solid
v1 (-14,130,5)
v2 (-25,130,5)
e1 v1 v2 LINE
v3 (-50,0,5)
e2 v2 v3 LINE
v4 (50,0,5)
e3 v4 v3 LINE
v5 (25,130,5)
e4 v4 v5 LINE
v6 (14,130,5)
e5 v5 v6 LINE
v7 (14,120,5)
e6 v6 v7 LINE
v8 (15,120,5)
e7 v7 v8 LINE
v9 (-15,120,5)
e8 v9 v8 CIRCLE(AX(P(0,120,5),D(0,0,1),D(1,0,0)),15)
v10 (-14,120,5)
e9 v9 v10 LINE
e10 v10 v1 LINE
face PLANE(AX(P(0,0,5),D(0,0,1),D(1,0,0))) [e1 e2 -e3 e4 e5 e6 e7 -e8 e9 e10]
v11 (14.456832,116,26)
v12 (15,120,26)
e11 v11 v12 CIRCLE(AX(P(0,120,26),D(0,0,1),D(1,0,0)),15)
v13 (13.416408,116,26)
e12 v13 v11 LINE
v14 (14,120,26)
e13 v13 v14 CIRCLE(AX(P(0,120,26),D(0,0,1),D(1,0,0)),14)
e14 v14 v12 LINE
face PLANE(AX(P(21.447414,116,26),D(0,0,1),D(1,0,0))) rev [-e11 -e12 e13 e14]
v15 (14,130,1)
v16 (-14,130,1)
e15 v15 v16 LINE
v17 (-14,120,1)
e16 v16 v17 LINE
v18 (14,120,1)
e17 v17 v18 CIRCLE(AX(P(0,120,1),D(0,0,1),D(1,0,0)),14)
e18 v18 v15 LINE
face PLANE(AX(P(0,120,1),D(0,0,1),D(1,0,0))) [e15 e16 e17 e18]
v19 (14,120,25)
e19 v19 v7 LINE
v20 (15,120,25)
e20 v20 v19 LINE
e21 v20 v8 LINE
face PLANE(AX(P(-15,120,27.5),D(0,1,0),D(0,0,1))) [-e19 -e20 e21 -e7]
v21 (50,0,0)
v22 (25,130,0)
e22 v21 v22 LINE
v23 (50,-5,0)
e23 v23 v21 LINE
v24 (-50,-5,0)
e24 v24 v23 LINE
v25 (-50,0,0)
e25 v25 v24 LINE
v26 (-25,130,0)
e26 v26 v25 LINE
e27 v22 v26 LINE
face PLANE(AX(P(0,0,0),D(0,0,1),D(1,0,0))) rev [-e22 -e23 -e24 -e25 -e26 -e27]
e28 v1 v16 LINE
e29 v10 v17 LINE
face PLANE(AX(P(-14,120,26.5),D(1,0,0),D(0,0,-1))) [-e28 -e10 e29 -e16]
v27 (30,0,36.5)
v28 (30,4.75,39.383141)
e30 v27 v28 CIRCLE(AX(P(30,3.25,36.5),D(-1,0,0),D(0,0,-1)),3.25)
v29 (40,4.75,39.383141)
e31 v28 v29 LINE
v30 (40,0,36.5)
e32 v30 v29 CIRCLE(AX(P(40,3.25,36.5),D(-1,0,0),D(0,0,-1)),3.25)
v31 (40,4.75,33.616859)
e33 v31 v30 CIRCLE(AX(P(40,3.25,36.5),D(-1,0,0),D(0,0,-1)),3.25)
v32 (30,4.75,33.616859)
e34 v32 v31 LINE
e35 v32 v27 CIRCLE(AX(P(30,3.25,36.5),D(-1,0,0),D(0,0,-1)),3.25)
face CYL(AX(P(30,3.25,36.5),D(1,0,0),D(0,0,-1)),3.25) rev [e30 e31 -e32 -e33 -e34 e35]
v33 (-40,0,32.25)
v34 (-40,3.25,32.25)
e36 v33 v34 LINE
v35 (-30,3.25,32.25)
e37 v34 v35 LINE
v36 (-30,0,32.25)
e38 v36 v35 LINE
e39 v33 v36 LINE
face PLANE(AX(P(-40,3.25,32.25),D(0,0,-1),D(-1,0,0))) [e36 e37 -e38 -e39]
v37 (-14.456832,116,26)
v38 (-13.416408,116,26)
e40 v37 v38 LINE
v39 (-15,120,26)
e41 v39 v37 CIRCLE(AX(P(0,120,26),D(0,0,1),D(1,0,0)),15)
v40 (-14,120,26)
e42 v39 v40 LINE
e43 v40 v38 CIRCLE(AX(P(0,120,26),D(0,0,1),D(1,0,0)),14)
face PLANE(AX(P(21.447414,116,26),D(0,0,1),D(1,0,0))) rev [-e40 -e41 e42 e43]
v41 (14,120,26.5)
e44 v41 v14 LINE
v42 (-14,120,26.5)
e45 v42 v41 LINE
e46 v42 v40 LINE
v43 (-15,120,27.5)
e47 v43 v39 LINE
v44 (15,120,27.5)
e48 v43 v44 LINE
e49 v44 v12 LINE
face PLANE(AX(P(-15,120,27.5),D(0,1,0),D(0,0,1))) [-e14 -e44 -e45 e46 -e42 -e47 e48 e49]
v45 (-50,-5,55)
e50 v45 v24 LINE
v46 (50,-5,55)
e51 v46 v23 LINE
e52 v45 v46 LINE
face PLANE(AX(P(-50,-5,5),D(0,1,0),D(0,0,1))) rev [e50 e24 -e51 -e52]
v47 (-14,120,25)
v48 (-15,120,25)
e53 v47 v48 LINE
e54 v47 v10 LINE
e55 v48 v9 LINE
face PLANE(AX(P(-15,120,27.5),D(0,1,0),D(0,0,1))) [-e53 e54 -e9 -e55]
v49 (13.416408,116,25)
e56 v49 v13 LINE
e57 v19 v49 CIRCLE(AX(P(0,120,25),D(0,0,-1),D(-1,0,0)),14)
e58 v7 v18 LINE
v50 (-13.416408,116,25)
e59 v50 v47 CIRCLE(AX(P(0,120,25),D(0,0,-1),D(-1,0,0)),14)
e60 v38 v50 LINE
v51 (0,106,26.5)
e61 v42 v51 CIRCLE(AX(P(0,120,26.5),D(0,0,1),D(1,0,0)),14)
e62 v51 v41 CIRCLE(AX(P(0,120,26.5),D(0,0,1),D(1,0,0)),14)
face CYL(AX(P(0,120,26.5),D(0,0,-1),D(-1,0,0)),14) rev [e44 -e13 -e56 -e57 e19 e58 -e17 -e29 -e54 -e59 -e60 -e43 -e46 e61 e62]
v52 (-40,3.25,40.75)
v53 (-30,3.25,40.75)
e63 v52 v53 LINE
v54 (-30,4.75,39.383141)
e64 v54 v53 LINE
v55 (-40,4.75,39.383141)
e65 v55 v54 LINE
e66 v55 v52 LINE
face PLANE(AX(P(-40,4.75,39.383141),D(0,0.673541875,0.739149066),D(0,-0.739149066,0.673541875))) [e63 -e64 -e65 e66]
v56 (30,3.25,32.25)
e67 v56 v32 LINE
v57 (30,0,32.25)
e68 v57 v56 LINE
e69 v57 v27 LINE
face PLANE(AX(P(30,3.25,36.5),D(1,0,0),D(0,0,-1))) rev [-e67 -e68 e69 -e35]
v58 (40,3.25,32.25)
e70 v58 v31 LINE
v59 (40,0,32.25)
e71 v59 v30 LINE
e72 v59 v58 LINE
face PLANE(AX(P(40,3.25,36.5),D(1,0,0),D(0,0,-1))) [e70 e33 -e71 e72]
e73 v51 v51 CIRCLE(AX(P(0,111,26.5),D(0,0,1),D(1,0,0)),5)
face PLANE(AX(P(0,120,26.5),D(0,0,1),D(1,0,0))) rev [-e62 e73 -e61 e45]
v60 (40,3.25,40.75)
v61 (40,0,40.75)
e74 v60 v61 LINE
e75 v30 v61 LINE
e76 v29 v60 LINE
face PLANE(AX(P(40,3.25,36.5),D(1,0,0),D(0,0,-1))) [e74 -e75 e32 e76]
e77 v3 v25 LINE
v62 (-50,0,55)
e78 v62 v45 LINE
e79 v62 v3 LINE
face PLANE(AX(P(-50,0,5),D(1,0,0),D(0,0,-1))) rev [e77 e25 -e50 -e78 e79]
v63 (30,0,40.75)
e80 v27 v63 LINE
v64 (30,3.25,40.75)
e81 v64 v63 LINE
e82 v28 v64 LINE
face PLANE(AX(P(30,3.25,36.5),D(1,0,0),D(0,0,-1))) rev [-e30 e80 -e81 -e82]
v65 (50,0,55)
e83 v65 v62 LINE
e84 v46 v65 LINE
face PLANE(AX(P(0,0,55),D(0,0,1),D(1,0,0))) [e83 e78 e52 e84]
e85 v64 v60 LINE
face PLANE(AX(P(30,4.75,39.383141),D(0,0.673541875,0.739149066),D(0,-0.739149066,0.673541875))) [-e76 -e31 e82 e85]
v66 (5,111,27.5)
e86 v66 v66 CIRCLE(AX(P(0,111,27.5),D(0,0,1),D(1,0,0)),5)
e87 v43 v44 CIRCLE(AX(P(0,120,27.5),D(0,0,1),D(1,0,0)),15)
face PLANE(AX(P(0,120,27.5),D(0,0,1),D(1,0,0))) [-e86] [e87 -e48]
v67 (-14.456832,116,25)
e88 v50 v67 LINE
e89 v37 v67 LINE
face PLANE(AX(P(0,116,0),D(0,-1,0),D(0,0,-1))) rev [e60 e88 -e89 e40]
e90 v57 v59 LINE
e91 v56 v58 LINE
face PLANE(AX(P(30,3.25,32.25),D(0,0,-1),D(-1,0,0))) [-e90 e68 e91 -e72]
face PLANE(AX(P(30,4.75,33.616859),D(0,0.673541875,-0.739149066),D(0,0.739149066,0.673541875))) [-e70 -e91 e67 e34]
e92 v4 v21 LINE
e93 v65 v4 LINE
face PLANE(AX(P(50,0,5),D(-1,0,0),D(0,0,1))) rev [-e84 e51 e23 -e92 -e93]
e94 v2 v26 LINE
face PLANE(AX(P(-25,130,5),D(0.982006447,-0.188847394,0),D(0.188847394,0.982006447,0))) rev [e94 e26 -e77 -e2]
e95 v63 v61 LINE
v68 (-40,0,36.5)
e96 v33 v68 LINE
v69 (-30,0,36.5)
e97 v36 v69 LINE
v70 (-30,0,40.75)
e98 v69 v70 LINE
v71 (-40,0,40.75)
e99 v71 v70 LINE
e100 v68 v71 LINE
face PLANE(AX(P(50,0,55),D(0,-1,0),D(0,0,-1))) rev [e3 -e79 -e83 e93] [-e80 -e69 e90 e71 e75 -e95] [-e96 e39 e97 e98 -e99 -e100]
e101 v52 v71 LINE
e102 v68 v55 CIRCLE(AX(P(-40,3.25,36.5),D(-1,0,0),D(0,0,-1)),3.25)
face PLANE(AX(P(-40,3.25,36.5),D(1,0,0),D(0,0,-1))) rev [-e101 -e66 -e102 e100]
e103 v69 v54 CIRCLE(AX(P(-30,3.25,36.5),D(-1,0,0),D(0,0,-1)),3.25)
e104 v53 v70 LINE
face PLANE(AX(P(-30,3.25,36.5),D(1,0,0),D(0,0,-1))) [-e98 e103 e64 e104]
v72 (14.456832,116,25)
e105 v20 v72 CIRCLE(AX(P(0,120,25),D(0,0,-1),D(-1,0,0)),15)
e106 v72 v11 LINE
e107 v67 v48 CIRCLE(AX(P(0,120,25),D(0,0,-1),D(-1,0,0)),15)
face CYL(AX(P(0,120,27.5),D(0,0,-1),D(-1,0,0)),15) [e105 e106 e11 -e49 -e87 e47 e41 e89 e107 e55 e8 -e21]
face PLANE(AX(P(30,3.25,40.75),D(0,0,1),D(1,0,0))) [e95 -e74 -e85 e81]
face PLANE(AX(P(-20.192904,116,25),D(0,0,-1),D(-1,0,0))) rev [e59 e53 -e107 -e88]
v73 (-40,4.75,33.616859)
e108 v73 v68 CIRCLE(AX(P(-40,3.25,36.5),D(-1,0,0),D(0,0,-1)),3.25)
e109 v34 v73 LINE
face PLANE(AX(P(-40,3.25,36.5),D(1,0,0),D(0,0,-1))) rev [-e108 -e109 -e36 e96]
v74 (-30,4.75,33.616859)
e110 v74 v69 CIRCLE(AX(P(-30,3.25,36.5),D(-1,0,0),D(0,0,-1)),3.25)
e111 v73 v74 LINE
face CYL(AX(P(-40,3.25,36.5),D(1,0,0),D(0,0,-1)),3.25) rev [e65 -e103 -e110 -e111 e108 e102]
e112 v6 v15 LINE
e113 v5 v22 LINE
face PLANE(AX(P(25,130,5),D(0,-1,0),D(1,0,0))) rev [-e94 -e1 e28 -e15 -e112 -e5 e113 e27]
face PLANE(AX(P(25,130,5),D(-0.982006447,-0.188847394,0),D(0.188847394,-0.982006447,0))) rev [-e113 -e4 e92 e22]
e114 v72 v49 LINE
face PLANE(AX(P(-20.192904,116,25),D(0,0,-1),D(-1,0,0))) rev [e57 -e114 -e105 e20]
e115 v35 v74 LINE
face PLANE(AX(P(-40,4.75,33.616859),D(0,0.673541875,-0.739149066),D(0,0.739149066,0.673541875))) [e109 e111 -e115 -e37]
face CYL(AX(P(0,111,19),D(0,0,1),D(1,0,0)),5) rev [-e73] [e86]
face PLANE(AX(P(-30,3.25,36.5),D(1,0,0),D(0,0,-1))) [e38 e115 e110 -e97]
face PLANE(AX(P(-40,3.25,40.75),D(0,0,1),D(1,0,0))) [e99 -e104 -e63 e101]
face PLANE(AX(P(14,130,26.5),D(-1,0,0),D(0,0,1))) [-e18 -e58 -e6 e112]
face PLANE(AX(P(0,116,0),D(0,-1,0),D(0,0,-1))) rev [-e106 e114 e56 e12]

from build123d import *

# Parameters (mm, degrees)
BOSS_EXTRUDE1_DEPTH      = 5
BOSS_EXTRUDE3_DEPTH      = 22.5
CUT_EXTRUDE3_DEPTH       = 21.5
CUT_EXTRUDE3_DEPTH_BACK  = 4
SKETCH2_W                = 100
SKETCH2_H                = 5
BOSS_EXTRUDE2_DEPTH      = 50
SKETCH4_R                = 5
CUT_EXTRUDE1_DEPTH       = 8.5
SKETCH5_W                = 41.64031781
SKETCH5_H                = 1
CUT_EXTRUDE2_DEPTH       = 4
BOSS_EXTRUDE5_DEPTH      = 5
BOSS_EXTRUDE5_DEPTH_BACK = 5
BOSS_EXTRUDE6_DEPTH      = 5
BOSS_EXTRUDE6_DEPTH_BACK = 5


with BuildPart() as part:
    # Sketch1 → Boss-Extrude1 (new body)
    with BuildSketch(Plane.XY):
        Polygon((25, 130), (-25, 130), (-50, 0), (-50, -5), (50, -5), (50, 0), align=None)
    extrude(amount=BOSS_EXTRUDE1_DEPTH)

    # Sketch3 → Boss-Extrude3 (add)
    with BuildSketch(Plane.XY.offset(5)):
        with BuildLine():
            Line((-15, 120), (15, 120))
            ThreePointArc((15, 120), (0, 105), (-15, 120))
        make_face()
    extrude(amount=BOSS_EXTRUDE3_DEPTH)

    # Sketch12 → Cut-Extrude3 (cut, two sides)
    with BuildSketch(Plane.XY.offset(5)) as cut_extrude3_sk:
        with BuildLine():
            Line((-14, 120), (-14, 130))
            Line((-14, 130), (14, 130))
            Line((14, 130), (14, 120))
            ThreePointArc((14, 120), (0, 106), (-14, 120))
        make_face()
    extrude(amount=CUT_EXTRUDE3_DEPTH, mode=Mode.SUBTRACT)
    extrude(cut_extrude3_sk.sketch, amount=-CUT_EXTRUDE3_DEPTH_BACK, mode=Mode.SUBTRACT)

    # Sketch2 → Boss-Extrude2 (add)
    with BuildSketch(Plane.XY.offset(5)):
        with Locations((0, -2.5)):
            Rectangle(SKETCH2_W, SKETCH2_H)
    extrude(amount=BOSS_EXTRUDE2_DEPTH)

    # Sketch4 → Cut-Extrude1 (cut)
    with BuildSketch(Plane.XY.offset(27.5)):
        with Locations((0, 111)):
            Circle(SKETCH4_R)
    extrude(amount=-CUT_EXTRUDE1_DEPTH, mode=Mode.SUBTRACT)

    # Sketch5 → Cut-Extrude2 (cut)
    with BuildSketch(Plane(origin=(0, 120, 0), x_dir=(1, 0, 0), z_dir=(0, 1, 0))):
        with Locations((0.627254623, -25.5)):
            Rectangle(SKETCH5_W, SKETCH5_H)
    extrude(amount=-CUT_EXTRUDE2_DEPTH, mode=Mode.SUBTRACT)

    # Sketch8 → Boss-Extrude5 (add, two sides)
    with BuildSketch(Plane(origin=(-35, 0, 0), x_dir=(0, 0, -1), z_dir=(1, 0, 0))) as boss_extrude5_sk:
        with BuildLine():
            Line((-40.75, 3.25), (-40.75, 0))
            Line((-40.75, 0), (-55, 0))
            Line((-55, 0), (-55, -5))
            Line((-55, -5), (0, -5))
            Line((0, -5), (0, 0))
            Line((0, 0), (-5, 0))
            Line((-5, 0), (-32.25, 0))
            Line((-32.25, 0), (-32.25, 3.25))
            Line((-32.25, 3.25), (-33.616859351, 4.75))
            ThreePointArc((-33.616859351, 4.75), (-36.5, 0), (-39.383140649, 4.75))
            Line((-39.383140649, 4.75), (-40.75, 3.25))
        make_face()
    extrude(amount=BOSS_EXTRUDE5_DEPTH)
    extrude(boss_extrude5_sk.sketch, amount=-BOSS_EXTRUDE5_DEPTH_BACK)

    # Sketch11 → Boss-Extrude6 (add, two sides)
    with BuildSketch(Plane(origin=(35, 0, 0), x_dir=(0, 0, -1), z_dir=(1, 0, 0))) as boss_extrude6_sk:
        with BuildLine():
            Line((-40.75, 3.25), (-40.75, 0))
            Line((-40.75, 0), (-55, 0))
            Line((-55, 0), (-55, -5))
            Line((-55, -5), (0, -5))
            Line((0, -5), (0, 0))
            Line((0, 0), (-5, 0))
            Line((-5, 0), (-32.25, 0))
            Line((-32.25, 0), (-32.25, 3.25))
            Line((-32.25, 3.25), (-33.616859351, 4.75))
            ThreePointArc((-33.616859351, 4.75), (-36.5, 0), (-39.383140649, 4.75))
            Line((-39.383140649, 4.75), (-40.75, 3.25))
        make_face()
    extrude(amount=BOSS_EXTRUDE6_DEPTH)
    extrude(boss_extrude6_sk.sketch, amount=-BOSS_EXTRUDE6_DEPTH_BACK)


solid = part.part
